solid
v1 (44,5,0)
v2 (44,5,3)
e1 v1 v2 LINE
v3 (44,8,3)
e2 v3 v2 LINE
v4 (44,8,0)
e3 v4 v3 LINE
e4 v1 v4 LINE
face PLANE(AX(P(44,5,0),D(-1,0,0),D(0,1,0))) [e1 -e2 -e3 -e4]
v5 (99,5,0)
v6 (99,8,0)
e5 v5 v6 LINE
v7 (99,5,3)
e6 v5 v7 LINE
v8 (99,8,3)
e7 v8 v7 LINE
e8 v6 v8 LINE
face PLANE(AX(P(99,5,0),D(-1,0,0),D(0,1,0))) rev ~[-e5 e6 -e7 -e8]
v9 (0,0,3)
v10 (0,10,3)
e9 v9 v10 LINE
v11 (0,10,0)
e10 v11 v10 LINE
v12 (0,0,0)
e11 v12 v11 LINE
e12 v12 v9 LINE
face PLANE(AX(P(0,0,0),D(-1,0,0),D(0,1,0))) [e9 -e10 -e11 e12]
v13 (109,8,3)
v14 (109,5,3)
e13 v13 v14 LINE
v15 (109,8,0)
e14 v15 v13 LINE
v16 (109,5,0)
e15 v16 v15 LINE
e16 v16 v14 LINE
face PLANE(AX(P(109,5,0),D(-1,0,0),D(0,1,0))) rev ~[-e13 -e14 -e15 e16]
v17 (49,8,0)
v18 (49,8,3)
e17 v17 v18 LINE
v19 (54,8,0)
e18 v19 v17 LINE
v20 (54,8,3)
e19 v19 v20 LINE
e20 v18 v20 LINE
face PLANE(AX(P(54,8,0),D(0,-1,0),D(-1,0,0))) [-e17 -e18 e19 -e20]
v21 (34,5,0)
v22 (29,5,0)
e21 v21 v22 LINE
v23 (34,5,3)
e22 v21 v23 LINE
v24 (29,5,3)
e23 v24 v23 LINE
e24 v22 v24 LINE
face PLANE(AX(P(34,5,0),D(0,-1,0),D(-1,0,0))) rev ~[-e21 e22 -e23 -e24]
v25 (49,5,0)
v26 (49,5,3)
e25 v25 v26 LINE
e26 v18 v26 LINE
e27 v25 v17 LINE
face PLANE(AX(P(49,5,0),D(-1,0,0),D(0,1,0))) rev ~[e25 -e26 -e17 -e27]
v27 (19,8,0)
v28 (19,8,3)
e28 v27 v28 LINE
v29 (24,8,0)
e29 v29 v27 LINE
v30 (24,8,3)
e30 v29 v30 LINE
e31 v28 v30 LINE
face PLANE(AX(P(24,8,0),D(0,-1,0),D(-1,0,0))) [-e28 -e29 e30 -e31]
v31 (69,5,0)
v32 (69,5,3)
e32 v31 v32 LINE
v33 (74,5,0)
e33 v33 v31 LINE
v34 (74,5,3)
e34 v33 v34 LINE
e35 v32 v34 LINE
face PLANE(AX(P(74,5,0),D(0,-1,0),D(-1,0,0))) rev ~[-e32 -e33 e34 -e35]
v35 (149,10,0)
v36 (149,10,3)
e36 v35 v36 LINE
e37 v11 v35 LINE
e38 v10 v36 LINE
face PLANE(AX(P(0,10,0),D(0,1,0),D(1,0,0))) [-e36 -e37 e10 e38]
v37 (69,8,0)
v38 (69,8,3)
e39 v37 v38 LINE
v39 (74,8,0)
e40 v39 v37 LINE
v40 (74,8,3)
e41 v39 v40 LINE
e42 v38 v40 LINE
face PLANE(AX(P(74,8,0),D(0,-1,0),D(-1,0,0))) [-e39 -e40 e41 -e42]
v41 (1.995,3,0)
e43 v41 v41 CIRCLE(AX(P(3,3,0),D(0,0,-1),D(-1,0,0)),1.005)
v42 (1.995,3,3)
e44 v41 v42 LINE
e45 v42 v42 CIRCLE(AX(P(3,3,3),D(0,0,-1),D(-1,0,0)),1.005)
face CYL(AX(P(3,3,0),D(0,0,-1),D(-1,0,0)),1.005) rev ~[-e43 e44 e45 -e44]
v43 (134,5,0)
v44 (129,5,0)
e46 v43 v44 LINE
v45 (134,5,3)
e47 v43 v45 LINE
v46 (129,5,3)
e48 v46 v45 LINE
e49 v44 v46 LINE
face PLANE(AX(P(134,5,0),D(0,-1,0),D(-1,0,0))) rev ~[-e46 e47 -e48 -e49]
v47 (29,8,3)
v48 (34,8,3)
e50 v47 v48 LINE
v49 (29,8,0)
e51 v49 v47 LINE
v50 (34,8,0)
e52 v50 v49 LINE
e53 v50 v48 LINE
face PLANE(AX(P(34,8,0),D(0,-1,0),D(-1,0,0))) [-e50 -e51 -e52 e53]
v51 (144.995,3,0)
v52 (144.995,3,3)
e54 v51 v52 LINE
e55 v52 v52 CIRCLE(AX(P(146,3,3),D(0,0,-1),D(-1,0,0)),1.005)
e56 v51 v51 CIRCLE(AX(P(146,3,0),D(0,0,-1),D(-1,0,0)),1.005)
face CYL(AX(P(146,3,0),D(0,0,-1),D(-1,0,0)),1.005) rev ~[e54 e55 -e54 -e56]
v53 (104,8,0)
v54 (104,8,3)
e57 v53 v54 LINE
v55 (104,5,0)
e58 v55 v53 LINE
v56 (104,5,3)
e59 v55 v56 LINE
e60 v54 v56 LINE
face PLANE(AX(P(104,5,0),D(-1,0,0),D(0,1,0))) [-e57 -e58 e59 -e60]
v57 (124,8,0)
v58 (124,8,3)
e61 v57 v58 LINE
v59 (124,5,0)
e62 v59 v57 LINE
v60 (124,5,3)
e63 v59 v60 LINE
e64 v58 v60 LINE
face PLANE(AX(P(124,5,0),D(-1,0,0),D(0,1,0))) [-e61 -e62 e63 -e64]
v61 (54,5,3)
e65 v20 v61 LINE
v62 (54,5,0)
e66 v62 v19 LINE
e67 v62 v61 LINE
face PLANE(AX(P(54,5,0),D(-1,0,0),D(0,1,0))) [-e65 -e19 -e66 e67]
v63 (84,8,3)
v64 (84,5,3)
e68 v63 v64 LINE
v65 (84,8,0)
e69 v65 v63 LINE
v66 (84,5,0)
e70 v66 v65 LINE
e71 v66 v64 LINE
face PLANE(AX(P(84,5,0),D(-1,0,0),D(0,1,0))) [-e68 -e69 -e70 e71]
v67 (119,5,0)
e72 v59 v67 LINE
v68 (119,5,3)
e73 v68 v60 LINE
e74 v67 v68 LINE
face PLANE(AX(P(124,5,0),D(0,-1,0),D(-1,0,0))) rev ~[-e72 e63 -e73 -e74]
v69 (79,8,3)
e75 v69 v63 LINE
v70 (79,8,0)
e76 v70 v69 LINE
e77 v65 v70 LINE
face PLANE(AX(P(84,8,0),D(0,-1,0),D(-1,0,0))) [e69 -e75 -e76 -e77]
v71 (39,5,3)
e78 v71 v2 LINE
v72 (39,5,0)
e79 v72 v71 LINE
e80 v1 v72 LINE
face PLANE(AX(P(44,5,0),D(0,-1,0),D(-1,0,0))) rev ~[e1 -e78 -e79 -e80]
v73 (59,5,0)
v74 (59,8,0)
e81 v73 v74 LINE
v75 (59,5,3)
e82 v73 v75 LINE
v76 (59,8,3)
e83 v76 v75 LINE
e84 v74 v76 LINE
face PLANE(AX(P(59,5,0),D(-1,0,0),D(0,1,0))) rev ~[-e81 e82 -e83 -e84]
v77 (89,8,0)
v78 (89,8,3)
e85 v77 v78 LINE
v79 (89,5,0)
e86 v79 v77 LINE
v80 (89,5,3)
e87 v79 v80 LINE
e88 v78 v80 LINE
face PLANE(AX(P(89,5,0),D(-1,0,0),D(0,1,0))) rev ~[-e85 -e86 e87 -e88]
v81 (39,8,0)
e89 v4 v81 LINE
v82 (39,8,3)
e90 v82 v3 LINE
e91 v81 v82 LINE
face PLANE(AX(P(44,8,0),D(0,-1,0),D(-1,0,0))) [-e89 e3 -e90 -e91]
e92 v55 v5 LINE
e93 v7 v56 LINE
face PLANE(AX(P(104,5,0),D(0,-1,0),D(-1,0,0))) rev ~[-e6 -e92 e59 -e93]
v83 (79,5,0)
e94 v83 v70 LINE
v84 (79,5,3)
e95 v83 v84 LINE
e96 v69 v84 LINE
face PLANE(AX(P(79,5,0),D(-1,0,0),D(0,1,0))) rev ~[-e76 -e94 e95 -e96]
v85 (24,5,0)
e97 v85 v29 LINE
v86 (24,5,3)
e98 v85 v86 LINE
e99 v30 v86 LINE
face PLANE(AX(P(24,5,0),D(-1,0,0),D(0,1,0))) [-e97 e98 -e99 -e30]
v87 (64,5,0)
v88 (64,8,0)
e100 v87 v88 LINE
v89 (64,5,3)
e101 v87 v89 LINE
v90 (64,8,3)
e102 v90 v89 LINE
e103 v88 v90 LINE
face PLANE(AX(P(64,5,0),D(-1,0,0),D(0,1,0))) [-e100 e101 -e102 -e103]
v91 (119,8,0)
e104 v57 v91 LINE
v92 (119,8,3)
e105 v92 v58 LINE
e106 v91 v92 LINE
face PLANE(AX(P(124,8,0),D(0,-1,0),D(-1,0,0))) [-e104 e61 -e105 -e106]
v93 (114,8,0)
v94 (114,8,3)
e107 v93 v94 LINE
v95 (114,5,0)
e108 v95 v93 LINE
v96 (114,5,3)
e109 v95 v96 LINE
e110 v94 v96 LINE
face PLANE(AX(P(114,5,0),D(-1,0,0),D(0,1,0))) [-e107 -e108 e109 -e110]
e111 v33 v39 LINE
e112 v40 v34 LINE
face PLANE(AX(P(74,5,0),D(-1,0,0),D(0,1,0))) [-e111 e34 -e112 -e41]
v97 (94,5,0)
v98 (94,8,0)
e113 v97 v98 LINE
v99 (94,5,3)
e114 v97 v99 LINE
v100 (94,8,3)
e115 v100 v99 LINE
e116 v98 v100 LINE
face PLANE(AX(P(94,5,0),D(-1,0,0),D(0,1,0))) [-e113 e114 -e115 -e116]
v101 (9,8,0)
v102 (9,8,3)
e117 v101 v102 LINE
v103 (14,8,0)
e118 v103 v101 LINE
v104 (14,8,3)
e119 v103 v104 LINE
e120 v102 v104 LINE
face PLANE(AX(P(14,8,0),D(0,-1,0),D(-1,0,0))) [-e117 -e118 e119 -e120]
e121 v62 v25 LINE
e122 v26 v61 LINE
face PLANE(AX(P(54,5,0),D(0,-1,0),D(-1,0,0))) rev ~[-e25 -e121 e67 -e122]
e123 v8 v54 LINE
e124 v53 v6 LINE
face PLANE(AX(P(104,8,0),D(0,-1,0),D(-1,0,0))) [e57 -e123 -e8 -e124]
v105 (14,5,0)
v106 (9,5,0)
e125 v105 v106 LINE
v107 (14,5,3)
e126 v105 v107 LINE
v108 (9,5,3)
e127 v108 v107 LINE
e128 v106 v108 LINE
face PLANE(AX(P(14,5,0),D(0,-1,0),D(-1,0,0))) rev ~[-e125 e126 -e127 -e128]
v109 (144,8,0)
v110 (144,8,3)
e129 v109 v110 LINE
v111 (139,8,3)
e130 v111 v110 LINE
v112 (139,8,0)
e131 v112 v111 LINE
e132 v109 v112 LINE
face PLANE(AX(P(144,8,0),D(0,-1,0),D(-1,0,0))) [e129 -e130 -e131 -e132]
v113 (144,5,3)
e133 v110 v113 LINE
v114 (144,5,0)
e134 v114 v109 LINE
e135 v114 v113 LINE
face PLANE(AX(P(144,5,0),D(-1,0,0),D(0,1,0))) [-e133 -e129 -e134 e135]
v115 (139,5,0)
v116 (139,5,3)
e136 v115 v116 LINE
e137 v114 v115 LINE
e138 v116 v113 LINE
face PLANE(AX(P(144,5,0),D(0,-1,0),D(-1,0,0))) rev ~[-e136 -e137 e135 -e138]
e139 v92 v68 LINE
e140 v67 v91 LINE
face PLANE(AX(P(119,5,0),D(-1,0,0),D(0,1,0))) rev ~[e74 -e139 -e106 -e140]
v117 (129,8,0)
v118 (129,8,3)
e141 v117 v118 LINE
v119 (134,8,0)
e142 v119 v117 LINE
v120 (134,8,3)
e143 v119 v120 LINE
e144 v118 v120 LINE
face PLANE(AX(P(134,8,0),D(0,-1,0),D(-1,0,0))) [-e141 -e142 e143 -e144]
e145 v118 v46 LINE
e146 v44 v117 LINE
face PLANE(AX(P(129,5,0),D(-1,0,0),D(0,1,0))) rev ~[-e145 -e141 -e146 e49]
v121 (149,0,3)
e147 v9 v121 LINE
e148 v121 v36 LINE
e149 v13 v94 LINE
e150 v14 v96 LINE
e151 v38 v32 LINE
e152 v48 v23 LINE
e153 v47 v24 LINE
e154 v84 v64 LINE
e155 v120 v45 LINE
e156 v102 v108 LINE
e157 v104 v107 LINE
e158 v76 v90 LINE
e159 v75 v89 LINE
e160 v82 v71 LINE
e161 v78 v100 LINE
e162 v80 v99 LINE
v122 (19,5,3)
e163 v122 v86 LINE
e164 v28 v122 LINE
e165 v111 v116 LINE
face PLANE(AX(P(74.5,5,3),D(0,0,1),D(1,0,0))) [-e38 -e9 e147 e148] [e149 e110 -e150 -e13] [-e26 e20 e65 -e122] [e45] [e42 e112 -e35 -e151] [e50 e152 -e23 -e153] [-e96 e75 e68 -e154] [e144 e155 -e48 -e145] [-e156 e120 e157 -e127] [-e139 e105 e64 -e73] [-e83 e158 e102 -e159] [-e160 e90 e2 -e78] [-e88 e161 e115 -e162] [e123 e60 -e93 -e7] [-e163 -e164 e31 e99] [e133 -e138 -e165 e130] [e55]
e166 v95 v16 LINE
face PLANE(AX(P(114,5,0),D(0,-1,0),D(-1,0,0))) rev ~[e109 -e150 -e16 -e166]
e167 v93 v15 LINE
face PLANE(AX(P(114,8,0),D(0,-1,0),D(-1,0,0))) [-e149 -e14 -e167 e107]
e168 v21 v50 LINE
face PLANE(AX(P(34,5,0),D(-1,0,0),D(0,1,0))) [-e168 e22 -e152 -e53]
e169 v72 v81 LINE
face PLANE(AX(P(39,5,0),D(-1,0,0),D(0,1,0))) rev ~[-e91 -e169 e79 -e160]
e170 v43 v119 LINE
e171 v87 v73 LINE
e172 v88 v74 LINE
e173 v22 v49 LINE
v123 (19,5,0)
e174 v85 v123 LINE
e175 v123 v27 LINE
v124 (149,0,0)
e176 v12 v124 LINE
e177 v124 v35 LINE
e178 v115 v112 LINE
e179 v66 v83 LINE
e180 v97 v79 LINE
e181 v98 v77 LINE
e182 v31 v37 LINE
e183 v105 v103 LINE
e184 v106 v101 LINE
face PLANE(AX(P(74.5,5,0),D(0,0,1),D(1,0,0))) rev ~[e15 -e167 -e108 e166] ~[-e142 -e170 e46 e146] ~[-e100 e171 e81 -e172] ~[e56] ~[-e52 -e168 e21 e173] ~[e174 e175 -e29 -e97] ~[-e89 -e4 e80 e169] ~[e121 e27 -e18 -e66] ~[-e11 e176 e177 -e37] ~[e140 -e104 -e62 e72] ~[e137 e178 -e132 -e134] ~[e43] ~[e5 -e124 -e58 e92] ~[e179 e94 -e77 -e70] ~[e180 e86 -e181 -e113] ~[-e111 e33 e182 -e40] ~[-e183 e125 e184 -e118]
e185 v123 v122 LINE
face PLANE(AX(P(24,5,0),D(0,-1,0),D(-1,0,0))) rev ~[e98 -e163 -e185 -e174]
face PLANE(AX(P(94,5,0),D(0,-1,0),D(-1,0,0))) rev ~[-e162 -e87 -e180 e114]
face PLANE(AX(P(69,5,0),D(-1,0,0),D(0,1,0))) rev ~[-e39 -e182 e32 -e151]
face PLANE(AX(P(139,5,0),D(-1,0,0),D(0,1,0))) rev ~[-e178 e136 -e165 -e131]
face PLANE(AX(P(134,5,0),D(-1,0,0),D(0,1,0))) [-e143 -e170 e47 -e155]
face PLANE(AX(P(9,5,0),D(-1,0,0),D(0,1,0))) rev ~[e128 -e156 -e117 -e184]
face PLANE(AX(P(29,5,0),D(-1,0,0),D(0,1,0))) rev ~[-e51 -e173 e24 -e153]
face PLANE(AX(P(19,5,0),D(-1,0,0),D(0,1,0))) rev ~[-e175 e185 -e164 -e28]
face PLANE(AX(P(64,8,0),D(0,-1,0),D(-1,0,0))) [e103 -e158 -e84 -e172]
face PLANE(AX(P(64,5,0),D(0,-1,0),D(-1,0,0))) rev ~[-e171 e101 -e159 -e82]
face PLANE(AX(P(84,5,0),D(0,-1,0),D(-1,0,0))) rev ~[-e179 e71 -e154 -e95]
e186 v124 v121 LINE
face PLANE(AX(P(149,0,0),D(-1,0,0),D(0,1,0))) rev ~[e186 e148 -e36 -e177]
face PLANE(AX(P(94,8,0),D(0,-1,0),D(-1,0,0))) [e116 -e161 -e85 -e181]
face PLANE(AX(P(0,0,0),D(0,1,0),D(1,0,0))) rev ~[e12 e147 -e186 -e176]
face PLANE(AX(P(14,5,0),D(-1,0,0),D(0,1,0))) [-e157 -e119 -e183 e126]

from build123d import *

# Parameters (mm, degrees)
ESQUISSE1_W             = 149
ESQUISSE1_H             = 10
BOSS_EXTRU_1_DEPTH      = 3
ESQUISSE2_R             = 1.005
ESQUISSE2_W             = 5
ESQUISSE2_H             = 3
ENL_V_MAT_EXTRU_1_DEPTH = 150.365323954


with BuildPart() as part:
    # Esquisse1 → Boss.-Extru.1 (new body)
    with BuildSketch(Plane.XY):
        with Locations((74.5, 5)):
            Rectangle(ESQUISSE1_W, ESQUISSE1_H)
    extrude(amount=BOSS_EXTRU_1_DEPTH)

    # Esquisse2 → Enlèv. mat.-Extru.1 (cut, through all)
    with BuildSketch(Plane(origin=(0, 0, 0), x_dir=(-1, 0, 0), z_dir=(0, 0, -1))):
        with Locations((-3, 3)):
            Circle(ESQUISSE2_R)
        with Locations((-146, 3)):
            Circle(ESQUISSE2_R)
        with Locations((-141.5, 6.5)):
            Rectangle(ESQUISSE2_W, ESQUISSE2_H)
        with Locations((-131.5, 6.5)):
            Rectangle(ESQUISSE2_W, ESQUISSE2_H)
        with Locations((-121.5, 6.5)):
            Rectangle(ESQUISSE2_W, ESQUISSE2_H)
        with Locations((-111.5, 6.5)):
            Rectangle(ESQUISSE2_W, ESQUISSE2_H)
        with Locations((-101.5, 6.5)):
            Rectangle(ESQUISSE2_W, ESQUISSE2_H)
        with Locations((-91.5, 6.5)):
            Rectangle(ESQUISSE2_W, ESQUISSE2_H)
        with Locations((-81.5, 6.5)):
            Rectangle(ESQUISSE2_W, ESQUISSE2_H)
        with Locations((-71.5, 6.5)):
            Rectangle(ESQUISSE2_W, ESQUISSE2_H)
        with Locations((-61.5, 6.5)):
            Rectangle(ESQUISSE2_W, ESQUISSE2_H)
        with Locations((-51.5, 6.5)):
            Rectangle(ESQUISSE2_W, ESQUISSE2_H)
        with Locations((-41.5, 6.5)):
            Rectangle(ESQUISSE2_W, ESQUISSE2_H)
        with Locations((-31.5, 6.5)):
            Rectangle(ESQUISSE2_W, ESQUISSE2_H)
        with Locations((-21.5, 6.5)):
            Rectangle(ESQUISSE2_W, ESQUISSE2_H)
        with Locations((-11.5, 6.5)):
            Rectangle(ESQUISSE2_W, ESQUISSE2_H)
    extrude(amount=-ENL_V_MAT_EXTRU_1_DEPTH, mode=Mode.SUBTRACT)


solid = part.part
